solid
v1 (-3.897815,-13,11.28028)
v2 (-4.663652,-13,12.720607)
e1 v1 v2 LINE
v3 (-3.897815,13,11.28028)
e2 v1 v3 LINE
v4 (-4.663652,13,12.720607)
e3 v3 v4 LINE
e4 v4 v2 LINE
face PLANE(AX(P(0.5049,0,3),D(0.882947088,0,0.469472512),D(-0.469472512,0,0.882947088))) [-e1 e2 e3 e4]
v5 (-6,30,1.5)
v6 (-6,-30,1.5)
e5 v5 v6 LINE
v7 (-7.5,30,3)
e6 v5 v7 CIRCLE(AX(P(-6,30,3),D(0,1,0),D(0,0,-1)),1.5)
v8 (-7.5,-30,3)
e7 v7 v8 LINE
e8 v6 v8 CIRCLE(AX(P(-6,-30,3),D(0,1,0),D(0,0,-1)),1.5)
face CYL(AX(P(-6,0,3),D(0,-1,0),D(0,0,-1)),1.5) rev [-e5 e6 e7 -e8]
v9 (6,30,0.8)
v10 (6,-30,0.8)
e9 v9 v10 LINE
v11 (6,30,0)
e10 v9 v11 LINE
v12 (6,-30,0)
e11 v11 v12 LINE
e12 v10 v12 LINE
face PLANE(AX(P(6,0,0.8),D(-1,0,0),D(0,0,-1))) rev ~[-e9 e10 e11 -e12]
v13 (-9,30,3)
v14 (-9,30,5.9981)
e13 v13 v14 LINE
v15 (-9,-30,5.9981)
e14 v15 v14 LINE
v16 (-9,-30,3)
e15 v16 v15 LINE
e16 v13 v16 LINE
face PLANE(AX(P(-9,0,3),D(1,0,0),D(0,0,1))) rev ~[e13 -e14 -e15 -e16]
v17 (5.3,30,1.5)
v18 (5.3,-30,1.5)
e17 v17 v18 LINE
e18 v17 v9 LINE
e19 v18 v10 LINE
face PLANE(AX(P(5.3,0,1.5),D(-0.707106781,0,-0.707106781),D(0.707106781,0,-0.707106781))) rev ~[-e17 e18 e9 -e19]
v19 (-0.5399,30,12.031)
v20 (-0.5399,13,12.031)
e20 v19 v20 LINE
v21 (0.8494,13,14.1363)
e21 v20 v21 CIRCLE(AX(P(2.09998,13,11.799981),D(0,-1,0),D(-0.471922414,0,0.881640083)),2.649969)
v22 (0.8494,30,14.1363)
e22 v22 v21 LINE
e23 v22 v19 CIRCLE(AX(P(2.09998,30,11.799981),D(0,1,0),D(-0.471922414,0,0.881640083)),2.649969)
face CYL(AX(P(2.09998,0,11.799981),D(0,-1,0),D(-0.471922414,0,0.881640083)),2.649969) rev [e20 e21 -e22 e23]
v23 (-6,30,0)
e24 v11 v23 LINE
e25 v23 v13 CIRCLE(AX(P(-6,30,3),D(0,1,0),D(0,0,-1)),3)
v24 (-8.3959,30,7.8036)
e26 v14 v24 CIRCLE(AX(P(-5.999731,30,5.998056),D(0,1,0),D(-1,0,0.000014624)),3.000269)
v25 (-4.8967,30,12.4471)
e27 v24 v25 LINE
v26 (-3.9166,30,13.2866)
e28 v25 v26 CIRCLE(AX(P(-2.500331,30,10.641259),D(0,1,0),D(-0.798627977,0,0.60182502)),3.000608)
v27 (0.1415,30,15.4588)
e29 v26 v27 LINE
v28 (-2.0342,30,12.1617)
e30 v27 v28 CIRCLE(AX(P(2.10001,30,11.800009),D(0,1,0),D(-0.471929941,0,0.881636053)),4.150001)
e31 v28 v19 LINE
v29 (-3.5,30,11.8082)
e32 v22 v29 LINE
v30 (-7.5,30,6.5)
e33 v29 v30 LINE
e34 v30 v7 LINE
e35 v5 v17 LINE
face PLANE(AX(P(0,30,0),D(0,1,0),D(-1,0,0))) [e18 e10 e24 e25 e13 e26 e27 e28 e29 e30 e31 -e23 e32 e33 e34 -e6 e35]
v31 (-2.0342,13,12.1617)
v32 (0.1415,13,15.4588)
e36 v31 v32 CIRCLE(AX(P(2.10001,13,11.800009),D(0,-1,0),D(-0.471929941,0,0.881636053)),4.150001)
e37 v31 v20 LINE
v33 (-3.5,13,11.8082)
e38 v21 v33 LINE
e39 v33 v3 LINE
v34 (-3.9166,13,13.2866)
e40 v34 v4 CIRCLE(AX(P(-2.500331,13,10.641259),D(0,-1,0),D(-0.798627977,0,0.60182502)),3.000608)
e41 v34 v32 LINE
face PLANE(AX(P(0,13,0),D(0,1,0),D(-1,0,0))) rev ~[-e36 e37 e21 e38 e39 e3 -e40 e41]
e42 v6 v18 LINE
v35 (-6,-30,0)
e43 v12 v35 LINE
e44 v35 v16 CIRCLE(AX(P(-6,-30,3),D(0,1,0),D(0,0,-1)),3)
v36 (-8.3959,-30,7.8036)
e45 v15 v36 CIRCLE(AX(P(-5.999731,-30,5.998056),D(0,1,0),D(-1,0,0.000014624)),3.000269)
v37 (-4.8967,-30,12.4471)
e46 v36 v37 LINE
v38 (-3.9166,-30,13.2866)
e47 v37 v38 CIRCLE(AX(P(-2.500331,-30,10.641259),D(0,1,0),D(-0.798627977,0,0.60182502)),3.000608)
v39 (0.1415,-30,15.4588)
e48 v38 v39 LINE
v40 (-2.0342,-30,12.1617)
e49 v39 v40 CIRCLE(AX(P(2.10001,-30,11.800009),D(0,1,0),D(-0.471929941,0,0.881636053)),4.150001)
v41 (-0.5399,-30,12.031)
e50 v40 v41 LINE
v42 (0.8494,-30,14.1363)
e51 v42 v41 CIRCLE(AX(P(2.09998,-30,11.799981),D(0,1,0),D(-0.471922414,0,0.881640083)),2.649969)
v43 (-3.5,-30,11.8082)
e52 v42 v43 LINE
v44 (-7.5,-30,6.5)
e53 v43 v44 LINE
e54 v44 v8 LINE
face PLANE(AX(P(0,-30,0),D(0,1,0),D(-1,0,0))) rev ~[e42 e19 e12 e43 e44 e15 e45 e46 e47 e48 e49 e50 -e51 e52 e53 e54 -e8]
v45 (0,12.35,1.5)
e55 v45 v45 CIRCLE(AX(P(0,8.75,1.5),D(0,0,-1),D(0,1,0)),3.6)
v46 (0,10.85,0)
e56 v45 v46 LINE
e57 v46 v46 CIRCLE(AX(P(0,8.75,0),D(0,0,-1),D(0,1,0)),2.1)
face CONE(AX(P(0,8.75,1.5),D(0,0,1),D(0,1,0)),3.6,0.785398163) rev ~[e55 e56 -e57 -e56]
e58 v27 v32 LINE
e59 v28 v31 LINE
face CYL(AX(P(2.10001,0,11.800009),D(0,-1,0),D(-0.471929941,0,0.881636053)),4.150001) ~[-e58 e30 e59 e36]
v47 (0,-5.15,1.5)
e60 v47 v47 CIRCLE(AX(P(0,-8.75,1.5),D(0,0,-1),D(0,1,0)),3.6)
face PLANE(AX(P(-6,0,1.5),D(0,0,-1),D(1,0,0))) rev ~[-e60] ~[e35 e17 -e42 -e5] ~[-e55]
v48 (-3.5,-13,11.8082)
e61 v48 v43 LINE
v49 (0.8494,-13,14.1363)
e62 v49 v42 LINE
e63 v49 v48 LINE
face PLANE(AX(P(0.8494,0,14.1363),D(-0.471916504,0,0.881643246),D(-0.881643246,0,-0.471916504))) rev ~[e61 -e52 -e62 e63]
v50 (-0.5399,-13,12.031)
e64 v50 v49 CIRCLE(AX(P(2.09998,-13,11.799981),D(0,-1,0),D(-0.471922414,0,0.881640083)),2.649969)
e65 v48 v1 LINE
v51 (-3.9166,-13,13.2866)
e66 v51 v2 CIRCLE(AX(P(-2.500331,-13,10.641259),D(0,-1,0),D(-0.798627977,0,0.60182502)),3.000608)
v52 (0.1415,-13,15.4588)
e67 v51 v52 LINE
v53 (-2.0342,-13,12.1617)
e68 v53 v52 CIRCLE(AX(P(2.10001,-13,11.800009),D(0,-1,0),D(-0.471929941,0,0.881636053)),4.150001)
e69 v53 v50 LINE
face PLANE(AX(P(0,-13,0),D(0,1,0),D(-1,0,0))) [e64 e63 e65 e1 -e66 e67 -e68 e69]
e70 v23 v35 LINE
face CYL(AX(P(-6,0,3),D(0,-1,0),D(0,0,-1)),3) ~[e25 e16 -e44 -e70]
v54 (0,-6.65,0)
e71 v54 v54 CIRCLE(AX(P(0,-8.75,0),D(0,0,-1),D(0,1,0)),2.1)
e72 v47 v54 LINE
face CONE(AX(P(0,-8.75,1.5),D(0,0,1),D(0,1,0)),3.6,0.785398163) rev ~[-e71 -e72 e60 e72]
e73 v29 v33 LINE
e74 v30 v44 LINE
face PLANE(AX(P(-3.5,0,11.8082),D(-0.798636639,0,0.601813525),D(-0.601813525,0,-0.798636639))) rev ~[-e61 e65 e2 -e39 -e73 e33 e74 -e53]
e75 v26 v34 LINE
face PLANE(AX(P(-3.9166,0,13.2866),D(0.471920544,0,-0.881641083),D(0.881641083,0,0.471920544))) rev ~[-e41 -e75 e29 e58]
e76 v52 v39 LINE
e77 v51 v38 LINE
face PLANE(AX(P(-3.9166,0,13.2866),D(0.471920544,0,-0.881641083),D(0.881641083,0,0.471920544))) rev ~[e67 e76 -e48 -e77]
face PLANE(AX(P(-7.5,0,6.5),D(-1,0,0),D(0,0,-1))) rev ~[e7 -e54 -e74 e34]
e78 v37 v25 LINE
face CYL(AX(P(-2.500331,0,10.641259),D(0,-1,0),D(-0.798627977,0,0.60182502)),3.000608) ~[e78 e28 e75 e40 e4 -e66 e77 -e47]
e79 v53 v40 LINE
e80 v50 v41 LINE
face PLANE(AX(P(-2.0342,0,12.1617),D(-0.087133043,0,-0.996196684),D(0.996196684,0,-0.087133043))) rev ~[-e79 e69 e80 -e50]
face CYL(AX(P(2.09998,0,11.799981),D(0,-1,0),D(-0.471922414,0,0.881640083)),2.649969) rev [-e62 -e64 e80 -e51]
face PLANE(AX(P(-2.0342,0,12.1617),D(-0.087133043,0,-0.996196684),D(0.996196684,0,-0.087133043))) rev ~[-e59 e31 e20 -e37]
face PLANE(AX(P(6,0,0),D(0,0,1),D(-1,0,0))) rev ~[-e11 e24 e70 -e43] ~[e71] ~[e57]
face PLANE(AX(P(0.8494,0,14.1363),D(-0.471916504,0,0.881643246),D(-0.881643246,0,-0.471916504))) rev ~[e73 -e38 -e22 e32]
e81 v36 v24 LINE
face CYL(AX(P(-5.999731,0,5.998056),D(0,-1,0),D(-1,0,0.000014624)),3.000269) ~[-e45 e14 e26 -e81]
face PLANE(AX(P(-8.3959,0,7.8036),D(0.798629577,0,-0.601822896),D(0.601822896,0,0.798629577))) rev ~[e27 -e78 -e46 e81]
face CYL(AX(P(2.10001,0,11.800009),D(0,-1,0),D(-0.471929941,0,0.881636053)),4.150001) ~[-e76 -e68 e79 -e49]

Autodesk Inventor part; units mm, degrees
sketch "Skizze_1" plane through (0, 0, 0) normal (0, 1, 0) x (-1, 0, 0)
  arc A0 (9, 5.9981) -> (8.3959, 7.8036) centre (6, 5.9981) ccw
  line L0 (8.3959, 7.8036) -> (4.8967, 12.4471)
  arc A1 (4.8967, 12.4471) -> (3.9166, 13.2866) centre (2.5008, 10.6417) ccw
  line L1 (3.9166, 13.2866) -> (-0.1415, 15.4588)
  arc A2 (-0.1415, 15.4588) -> (2.0342, 12.1617) centre (-2.1, 11.8) ccw
  line L2 (2.0342, 12.1617) -> (0.5399, 12.031)
  arc A3 (-0.8494, 14.1363) -> (0.5399, 12.031) centre (-2.1, 11.8) ccw
  line L3 (-0.8494, 14.1363) -> (3.5, 11.8082)
  line L4 (3.5, 11.8082) -> (7.5, 6.5)
  line L5 (7.5, 6.5) -> (7.5, 3)
  arc A4 (6, 1.5) -> (7.5, 3) centre (6, 3) ccw
  line L6 (6, 1.5) -> (-5.3, 1.5)
  line L7 (-5.3, 1.5) -> (-6, 0.8)
  line L8 (-6, 0.8) -> (-6, 0)
  line L9 (-6, 0) -> (6, 0)
  arc A5 (6, 0) -> (9, 3) centre (6, 3) ccw
  line L10 (9, 3) -> (9, 5.9981)
extrude "Extrusion1" add sketch "Skizze_1" along normal mid plane 60
sketch "Skizze_2" plane through (0, 0, 0) normal (1, 0, 0) x (0, 1, 0)
  line L0 (8.75, 0) -> (8.75, 1.5)
  line L1 (8.75, 1.5) -> (12.35, 1.5)
  line L2 (12.35, 1.5) -> (10.85, 0)
  line L3 (10.85, 0) -> (8.75, 0)
  line L4 (8.75, 0) -> (8.75, 1.5)
revolve "Revolution1" cut sketch "Skizze_2" angle 360 about axis through (0, 8.75, 0) along (0, 0, -1)
sketch "Skizze_3" plane through (0, 0, 0) normal (1, 0, 0) x (0, 1, 0)
  line L0 (-8.75, 0) -> (-8.75, 1.5)
  line L1 (-8.75, 1.5) -> (-5.15, 1.5)
  line L2 (-5.15, 1.5) -> (-6.65, 0)
  line L3 (-6.65, 0) -> (-8.75, 0)
  line L4 (-8.75, 0) -> (-8.75, 1.5)
revolve "Revolution2" cut sketch "Skizze_3" angle 360 about axis through (0, -8.75, 0) along (0, 0, -1)
sketch "Skizze_5" plane through (0, 0, 0) normal (0, 1, 0) x (-1, 0, 0)
  line L0 (19.1684, 40) -> (-42.1, 40)
  line L1 (-42.1, 40) -> (-42.1, 3)
  line L2 (-42.1, 3) -> (-0.5049, 3)
  line L3 (-0.5049, 3) -> (19.1684, 40)
extrude "Extrusion2" cut sketch "Skizze_5" along normal mid plane 26
ref_plane "scharnier_XY" through (0, -8.75, 0) normal (0, 0, 1) x (1, 0, 0)
ref_plane "scharnier_YZ" through (0, -8.75, 0) normal (1, 0, 0) x (0, 1, 0)
ref_plane "scharnier_ZX" through (0, -8.75, 0) normal (0, 1, 0) x (0, 0, 1)
ref_plane "scharnier_2_XY" through (0, 8.75, 0) normal (0, 0, 1) x (1, 0, 0)
ref_plane "scharnier_2_YZ" through (0, 8.75, 0) normal (1, 0, 0) x (0, 1, 0)
ref_plane "scharnier_2_ZX" through (0, 8.75, 0) normal (0, 1, 0) x (0, 0, 1)
ref_plane "tuer_XY" through (2.1, 0, 11.8) normal (0, 1, 0) x (1, 0, 0)
ref_plane "tuer_YZ" through (2.1, 0, 11.8) normal (1, 0, 0) x (0, 0, -1)
ref_plane "tuer_ZX" through (2.1, 0, 11.8) normal (0, 0, -1) x (0, 1, 0)
properties part number "1XXX_01_04"
